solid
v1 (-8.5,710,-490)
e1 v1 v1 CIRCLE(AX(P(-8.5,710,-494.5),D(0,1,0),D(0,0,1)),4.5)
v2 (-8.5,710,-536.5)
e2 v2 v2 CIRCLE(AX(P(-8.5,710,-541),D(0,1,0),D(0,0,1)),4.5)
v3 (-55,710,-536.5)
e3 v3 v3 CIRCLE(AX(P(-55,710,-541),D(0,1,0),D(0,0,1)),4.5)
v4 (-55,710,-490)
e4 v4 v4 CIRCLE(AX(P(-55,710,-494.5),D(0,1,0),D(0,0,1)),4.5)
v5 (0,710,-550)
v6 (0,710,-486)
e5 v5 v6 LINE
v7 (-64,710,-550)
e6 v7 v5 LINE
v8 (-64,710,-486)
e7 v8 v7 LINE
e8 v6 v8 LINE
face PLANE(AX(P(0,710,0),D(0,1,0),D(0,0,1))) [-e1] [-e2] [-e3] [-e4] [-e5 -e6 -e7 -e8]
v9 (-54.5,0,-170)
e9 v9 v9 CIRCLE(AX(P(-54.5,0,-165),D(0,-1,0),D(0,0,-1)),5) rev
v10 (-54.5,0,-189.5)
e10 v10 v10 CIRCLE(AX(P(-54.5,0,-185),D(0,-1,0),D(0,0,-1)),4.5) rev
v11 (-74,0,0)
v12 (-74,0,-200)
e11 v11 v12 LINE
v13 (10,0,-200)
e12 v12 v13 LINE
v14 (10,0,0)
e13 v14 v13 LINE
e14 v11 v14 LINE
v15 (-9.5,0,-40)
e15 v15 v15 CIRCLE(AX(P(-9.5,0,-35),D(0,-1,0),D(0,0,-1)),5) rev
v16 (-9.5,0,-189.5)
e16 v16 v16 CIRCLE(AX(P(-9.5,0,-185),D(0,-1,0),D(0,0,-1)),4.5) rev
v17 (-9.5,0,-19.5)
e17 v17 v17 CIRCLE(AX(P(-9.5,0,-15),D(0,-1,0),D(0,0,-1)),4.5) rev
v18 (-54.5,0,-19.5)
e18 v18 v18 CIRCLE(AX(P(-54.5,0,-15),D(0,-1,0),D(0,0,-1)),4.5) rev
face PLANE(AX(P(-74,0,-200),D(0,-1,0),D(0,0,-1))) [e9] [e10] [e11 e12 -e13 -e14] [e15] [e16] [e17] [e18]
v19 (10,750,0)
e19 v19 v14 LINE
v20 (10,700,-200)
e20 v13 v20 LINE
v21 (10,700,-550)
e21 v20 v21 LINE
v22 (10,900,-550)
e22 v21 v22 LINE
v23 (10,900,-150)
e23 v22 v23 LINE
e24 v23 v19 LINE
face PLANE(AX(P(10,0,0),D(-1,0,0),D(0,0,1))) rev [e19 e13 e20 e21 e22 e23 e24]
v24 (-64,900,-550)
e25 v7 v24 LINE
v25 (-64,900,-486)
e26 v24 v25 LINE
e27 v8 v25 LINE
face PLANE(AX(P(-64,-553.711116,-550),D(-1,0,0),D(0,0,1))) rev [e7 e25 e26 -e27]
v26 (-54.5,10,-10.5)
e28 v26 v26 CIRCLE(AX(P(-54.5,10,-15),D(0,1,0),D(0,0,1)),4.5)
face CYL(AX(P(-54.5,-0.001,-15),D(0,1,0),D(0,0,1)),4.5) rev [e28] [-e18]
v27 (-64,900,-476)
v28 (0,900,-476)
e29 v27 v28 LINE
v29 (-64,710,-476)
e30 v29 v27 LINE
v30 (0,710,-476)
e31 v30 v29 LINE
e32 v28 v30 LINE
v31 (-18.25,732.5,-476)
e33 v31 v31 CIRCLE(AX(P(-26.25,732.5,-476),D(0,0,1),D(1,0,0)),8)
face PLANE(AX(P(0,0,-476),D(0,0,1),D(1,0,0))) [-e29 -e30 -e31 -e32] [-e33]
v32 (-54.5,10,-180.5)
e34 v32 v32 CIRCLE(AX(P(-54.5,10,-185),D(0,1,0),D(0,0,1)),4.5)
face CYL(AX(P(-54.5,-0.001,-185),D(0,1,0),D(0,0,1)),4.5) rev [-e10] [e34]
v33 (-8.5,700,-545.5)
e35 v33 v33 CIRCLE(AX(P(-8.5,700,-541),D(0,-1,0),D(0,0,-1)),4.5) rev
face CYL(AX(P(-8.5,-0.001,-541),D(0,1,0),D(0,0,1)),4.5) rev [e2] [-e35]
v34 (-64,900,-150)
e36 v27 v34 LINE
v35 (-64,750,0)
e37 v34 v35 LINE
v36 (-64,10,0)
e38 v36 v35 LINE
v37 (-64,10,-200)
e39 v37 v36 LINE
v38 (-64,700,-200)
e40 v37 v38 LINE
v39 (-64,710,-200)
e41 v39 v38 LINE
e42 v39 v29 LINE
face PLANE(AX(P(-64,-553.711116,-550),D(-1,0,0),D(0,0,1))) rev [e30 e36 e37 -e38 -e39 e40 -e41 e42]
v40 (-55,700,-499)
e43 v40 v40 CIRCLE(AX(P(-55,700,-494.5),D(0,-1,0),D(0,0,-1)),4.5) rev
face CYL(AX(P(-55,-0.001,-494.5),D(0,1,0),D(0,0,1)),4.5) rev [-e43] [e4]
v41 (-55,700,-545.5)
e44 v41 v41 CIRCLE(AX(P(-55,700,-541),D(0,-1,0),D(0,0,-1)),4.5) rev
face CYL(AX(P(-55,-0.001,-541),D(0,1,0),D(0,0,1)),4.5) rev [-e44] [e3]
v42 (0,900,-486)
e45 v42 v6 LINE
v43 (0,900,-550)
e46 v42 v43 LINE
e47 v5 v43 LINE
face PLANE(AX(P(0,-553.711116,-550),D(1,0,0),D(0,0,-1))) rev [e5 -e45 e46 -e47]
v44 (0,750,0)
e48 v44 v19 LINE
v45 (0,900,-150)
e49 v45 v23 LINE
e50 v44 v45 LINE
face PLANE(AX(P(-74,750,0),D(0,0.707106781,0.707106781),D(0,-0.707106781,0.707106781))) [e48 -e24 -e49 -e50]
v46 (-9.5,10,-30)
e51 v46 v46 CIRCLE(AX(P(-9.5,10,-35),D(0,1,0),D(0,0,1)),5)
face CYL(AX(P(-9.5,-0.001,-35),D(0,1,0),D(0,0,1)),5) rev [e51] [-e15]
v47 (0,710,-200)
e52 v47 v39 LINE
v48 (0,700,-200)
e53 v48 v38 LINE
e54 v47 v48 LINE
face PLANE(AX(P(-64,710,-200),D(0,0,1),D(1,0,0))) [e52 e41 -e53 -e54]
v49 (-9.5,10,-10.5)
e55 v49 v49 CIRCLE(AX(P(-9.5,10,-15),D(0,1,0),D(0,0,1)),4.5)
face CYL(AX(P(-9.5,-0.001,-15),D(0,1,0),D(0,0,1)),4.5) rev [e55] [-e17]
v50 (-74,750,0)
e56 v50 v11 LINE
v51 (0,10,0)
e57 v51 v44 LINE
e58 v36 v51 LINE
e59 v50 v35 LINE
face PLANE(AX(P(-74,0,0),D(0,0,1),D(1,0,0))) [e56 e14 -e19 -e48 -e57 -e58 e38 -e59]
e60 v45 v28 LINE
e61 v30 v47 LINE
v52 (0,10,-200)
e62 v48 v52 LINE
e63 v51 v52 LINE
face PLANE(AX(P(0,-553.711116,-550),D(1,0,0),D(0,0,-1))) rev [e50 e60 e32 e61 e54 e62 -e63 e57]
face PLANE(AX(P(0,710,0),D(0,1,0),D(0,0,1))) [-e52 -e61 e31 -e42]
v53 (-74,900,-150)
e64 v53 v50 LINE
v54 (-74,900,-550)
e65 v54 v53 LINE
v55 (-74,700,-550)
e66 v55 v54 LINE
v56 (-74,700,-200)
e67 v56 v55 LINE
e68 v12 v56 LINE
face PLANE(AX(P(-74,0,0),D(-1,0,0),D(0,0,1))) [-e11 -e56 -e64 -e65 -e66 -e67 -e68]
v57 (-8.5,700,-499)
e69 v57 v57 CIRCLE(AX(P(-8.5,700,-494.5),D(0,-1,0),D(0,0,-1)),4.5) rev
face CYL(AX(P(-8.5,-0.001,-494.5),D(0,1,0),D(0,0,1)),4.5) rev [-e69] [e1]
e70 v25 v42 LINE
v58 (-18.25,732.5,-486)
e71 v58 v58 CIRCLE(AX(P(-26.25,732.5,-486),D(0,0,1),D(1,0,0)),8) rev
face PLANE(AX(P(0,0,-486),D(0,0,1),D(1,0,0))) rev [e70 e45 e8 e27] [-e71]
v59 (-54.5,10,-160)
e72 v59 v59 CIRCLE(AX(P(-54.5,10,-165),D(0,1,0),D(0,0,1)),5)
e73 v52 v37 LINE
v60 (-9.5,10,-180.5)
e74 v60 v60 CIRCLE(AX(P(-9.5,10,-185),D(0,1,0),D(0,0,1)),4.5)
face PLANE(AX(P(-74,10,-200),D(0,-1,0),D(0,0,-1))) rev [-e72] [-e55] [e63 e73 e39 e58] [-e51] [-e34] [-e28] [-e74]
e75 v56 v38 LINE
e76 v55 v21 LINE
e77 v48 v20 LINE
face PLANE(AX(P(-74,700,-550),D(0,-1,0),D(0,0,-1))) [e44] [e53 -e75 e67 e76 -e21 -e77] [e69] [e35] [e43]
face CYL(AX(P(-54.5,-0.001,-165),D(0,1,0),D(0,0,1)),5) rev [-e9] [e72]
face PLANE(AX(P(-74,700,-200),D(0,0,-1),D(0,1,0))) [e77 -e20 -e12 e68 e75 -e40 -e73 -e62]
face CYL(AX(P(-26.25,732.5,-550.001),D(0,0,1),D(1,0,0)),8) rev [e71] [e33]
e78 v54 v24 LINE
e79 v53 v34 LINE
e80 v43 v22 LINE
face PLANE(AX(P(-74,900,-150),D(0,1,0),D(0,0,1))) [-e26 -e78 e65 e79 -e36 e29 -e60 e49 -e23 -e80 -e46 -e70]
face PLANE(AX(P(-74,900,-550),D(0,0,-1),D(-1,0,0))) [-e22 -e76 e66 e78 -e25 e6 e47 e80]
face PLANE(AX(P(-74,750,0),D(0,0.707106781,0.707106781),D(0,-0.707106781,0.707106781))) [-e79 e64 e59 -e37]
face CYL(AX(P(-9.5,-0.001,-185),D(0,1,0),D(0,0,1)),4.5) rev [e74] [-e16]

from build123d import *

# Parameters (mm, degrees)
BOSS_EXTRUDE1_DEPTH      = 10
BOSS_EXTRUDE1_DEPTH_BACK = 74
SKETCH3_W                = 64
SKETCH3_H                = 550
CUT_EXTRUDE1_DEPTH       = 890
SKETCH4_W                = 64
SKETCH4_H                = 350
BOSS_EXTRUDE2_DEPTH      = 10
SKETCH5_W                = 64
SKETCH5_H                = 190
BOSS_EXTRUDE3_DEPTH      = 10
CUT_EXTRUDE2_REACH       = 712
SKETCH6_R                = 4.5
CUT_EXTRUDE3_REACH       = 76
SKETCH7_R                = 8
CUT_EXTRUDE4_REACH       = 12
SKETCH8_R                = 4.5
SKETCH8_R_2              = 5


with BuildPart() as part:
    # Sketch1 → Boss-Extrude1 (new body, two sides)
    with BuildSketch(Plane(origin=(0, 0, 0), x_dir=(0, 0, -1), z_dir=(1, 0, 0))) as boss_extrude1_sk:
        Polygon((0, 0), (0, 750), (150, 900), (550, 900), (550, 700), (200, 700), (200, 0), align=None)
    extrude(amount=BOSS_EXTRUDE1_DEPTH)
    extrude(boss_extrude1_sk.sketch, amount=-BOSS_EXTRUDE1_DEPTH_BACK)

    # Sketch3 → Cut-Extrude1 (cut)
    with BuildSketch(Plane(origin=(0, 900, 0), x_dir=(1, 0, 0), z_dir=(0, 1, 0))):
        with Locations((-32, 275)):
            Rectangle(SKETCH3_W, SKETCH3_H)
    extrude(amount=-CUT_EXTRUDE1_DEPTH, mode=Mode.SUBTRACT)

    # Sketch4 → Boss-Extrude2 (add)
    with BuildSketch(Plane.XZ.offset(-700)):
        with Locations((-32, -375)):
            Rectangle(SKETCH4_W, SKETCH4_H)
    extrude(amount=-BOSS_EXTRUDE2_DEPTH)

    # Sketch5 → Boss-Extrude3 (add)
    with BuildSketch(Plane(origin=(0, 0, -486), x_dir=(-1, 0, 0), z_dir=(0, 0, -1))):
        with Locations((32, 805)):
            Rectangle(SKETCH5_W, SKETCH5_H)
    extrude(amount=-BOSS_EXTRUDE3_DEPTH)

    # Sketch6 → Cut-Extrude2 (cut, up to next)
    with BuildSketch(Plane(origin=(0, 710, 0), x_dir=(1, 0, 0), z_dir=(0, 1, 0)), mode=Mode.PRIVATE) as cut_extrude2_sk1:
        with Locations((-8.5, 494.5)):
            Circle(SKETCH6_R)
    cut_extrude2_tool1 = extrude(cut_extrude2_sk1.sketch, amount=-CUT_EXTRUDE2_REACH, mode=Mode.PRIVATE) & part.part
    add(cut_extrude2_tool1.solids().sort_by_distance((-8.5, 710, -494.5))[0], mode=Mode.SUBTRACT)
    # Sketch6 → Cut-Extrude2 (cut, up to next)
    with BuildSketch(Plane(origin=(0, 710, 0), x_dir=(1, 0, 0), z_dir=(0, 1, 0)), mode=Mode.PRIVATE) as cut_extrude2_sk2:
        with Locations((-55, 494.5)):
            Circle(SKETCH6_R)
    cut_extrude2_tool2 = extrude(cut_extrude2_sk2.sketch, amount=-CUT_EXTRUDE2_REACH, mode=Mode.PRIVATE) & part.part
    add(cut_extrude2_tool2.solids().sort_by_distance((-55, 710, -494.5))[0], mode=Mode.SUBTRACT)
    # Sketch6 → Cut-Extrude2 (cut, up to next)
    with BuildSketch(Plane(origin=(0, 710, 0), x_dir=(1, 0, 0), z_dir=(0, 1, 0)), mode=Mode.PRIVATE) as cut_extrude2_sk3:
        with Locations((-55, 541)):
            Circle(SKETCH6_R)
    cut_extrude2_tool3 = extrude(cut_extrude2_sk3.sketch, amount=-CUT_EXTRUDE2_REACH, mode=Mode.PRIVATE) & part.part
    add(cut_extrude2_tool3.solids().sort_by_distance((-55, 710, -541))[0], mode=Mode.SUBTRACT)
    # Sketch6 → Cut-Extrude2 (cut, up to next)
    with BuildSketch(Plane(origin=(0, 710, 0), x_dir=(1, 0, 0), z_dir=(0, 1, 0)), mode=Mode.PRIVATE) as cut_extrude2_sk4:
        with Locations((-8.5, 541)):
            Circle(SKETCH6_R)
    cut_extrude2_tool4 = extrude(cut_extrude2_sk4.sketch, amount=-CUT_EXTRUDE2_REACH, mode=Mode.PRIVATE) & part.part
    add(cut_extrude2_tool4.solids().sort_by_distance((-8.5, 710, -541))[0], mode=Mode.SUBTRACT)

    # Sketch7 → Cut-Extrude3 (cut, up to next)
    with BuildSketch(Plane.XY.offset(-476), mode=Mode.PRIVATE) as cut_extrude3_sk1:
        with Locations((-26.25, 732.5)):
            Circle(SKETCH7_R)
    cut_extrude3_tool1 = extrude(cut_extrude3_sk1.sketch, amount=-CUT_EXTRUDE3_REACH, mode=Mode.PRIVATE) & part.part
    add(cut_extrude3_tool1.solids().sort_by_distance((-26.25, 732.5, -476))[0], mode=Mode.SUBTRACT)

    # Sketch8 → Cut-Extrude4 (cut, up to next)
    with BuildSketch(Plane(origin=(0, 10, 0), x_dir=(1, 0, 0), z_dir=(0, 1, 0)), mode=Mode.PRIVATE) as cut_extrude4_sk1:
        with Locations((-54.5, 185)):
            Circle(SKETCH8_R)
    cut_extrude4_tool1 = extrude(cut_extrude4_sk1.sketch, amount=-CUT_EXTRUDE4_REACH, mode=Mode.PRIVATE) & part.part
    add(cut_extrude4_tool1.solids().sort_by_distance((-54.5, 10, -185))[0], mode=Mode.SUBTRACT)
    # Sketch8 → Cut-Extrude4 (cut, up to next)
    with BuildSketch(Plane(origin=(0, 10, 0), x_dir=(1, 0, 0), z_dir=(0, 1, 0)), mode=Mode.PRIVATE) as cut_extrude4_sk2:
        with Locations((-54.5, 165)):
            Circle(SKETCH8_R_2)
    cut_extrude4_tool2 = extrude(cut_extrude4_sk2.sketch, amount=-CUT_EXTRUDE4_REACH, mode=Mode.PRIVATE) & part.part
    add(cut_extrude4_tool2.solids().sort_by_distance((-54.5, 10, -165))[0], mode=Mode.SUBTRACT)
    # Sketch8 → Cut-Extrude4 (cut, up to next)
    with BuildSketch(Plane(origin=(0, 10, 0), x_dir=(1, 0, 0), z_dir=(0, 1, 0)), mode=Mode.PRIVATE) as cut_extrude4_sk3:
        with Locations((-54.5, 15)):
            Circle(SKETCH8_R)
    cut_extrude4_tool3 = extrude(cut_extrude4_sk3.sketch, amount=-CUT_EXTRUDE4_REACH, mode=Mode.PRIVATE) & part.part
    add(cut_extrude4_tool3.solids().sort_by_distance((-54.5, 10, -15))[0], mode=Mode.SUBTRACT)
    # Sketch8 → Cut-Extrude4 (cut, up to next)
    with BuildSketch(Plane(origin=(0, 10, 0), x_dir=(1, 0, 0), z_dir=(0, 1, 0)), mode=Mode.PRIVATE) as cut_extrude4_sk4:
        with Locations((-9.5, 15)):
            Circle(SKETCH8_R)
    cut_extrude4_tool4 = extrude(cut_extrude4_sk4.sketch, amount=-CUT_EXTRUDE4_REACH, mode=Mode.PRIVATE) & part.part
    add(cut_extrude4_tool4.solids().sort_by_distance((-9.5, 10, -15))[0], mode=Mode.SUBTRACT)
    # Sketch8 → Cut-Extrude4 (cut, up to next)
    with BuildSketch(Plane(origin=(0, 10, 0), x_dir=(1, 0, 0), z_dir=(0, 1, 0)), mode=Mode.PRIVATE) as cut_extrude4_sk5:
        with Locations((-9.5, 35)):
            Circle(SKETCH8_R_2)
    cut_extrude4_tool5 = extrude(cut_extrude4_sk5.sketch, amount=-CUT_EXTRUDE4_REACH, mode=Mode.PRIVATE) & part.part
    add(cut_extrude4_tool5.solids().sort_by_distance((-9.5, 10, -35))[0], mode=Mode.SUBTRACT)
    # Sketch8 → Cut-Extrude4 (cut, up to next)
    with BuildSketch(Plane(origin=(0, 10, 0), x_dir=(1, 0, 0), z_dir=(0, 1, 0)), mode=Mode.PRIVATE) as cut_extrude4_sk6:
        with Locations((-9.5, 185)):
            Circle(SKETCH8_R)
    cut_extrude4_tool6 = extrude(cut_extrude4_sk6.sketch, amount=-CUT_EXTRUDE4_REACH, mode=Mode.PRIVATE) & part.part
    add(cut_extrude4_tool6.solids().sort_by_distance((-9.5, 10, -185))[0], mode=Mode.SUBTRACT)


solid = part.part
